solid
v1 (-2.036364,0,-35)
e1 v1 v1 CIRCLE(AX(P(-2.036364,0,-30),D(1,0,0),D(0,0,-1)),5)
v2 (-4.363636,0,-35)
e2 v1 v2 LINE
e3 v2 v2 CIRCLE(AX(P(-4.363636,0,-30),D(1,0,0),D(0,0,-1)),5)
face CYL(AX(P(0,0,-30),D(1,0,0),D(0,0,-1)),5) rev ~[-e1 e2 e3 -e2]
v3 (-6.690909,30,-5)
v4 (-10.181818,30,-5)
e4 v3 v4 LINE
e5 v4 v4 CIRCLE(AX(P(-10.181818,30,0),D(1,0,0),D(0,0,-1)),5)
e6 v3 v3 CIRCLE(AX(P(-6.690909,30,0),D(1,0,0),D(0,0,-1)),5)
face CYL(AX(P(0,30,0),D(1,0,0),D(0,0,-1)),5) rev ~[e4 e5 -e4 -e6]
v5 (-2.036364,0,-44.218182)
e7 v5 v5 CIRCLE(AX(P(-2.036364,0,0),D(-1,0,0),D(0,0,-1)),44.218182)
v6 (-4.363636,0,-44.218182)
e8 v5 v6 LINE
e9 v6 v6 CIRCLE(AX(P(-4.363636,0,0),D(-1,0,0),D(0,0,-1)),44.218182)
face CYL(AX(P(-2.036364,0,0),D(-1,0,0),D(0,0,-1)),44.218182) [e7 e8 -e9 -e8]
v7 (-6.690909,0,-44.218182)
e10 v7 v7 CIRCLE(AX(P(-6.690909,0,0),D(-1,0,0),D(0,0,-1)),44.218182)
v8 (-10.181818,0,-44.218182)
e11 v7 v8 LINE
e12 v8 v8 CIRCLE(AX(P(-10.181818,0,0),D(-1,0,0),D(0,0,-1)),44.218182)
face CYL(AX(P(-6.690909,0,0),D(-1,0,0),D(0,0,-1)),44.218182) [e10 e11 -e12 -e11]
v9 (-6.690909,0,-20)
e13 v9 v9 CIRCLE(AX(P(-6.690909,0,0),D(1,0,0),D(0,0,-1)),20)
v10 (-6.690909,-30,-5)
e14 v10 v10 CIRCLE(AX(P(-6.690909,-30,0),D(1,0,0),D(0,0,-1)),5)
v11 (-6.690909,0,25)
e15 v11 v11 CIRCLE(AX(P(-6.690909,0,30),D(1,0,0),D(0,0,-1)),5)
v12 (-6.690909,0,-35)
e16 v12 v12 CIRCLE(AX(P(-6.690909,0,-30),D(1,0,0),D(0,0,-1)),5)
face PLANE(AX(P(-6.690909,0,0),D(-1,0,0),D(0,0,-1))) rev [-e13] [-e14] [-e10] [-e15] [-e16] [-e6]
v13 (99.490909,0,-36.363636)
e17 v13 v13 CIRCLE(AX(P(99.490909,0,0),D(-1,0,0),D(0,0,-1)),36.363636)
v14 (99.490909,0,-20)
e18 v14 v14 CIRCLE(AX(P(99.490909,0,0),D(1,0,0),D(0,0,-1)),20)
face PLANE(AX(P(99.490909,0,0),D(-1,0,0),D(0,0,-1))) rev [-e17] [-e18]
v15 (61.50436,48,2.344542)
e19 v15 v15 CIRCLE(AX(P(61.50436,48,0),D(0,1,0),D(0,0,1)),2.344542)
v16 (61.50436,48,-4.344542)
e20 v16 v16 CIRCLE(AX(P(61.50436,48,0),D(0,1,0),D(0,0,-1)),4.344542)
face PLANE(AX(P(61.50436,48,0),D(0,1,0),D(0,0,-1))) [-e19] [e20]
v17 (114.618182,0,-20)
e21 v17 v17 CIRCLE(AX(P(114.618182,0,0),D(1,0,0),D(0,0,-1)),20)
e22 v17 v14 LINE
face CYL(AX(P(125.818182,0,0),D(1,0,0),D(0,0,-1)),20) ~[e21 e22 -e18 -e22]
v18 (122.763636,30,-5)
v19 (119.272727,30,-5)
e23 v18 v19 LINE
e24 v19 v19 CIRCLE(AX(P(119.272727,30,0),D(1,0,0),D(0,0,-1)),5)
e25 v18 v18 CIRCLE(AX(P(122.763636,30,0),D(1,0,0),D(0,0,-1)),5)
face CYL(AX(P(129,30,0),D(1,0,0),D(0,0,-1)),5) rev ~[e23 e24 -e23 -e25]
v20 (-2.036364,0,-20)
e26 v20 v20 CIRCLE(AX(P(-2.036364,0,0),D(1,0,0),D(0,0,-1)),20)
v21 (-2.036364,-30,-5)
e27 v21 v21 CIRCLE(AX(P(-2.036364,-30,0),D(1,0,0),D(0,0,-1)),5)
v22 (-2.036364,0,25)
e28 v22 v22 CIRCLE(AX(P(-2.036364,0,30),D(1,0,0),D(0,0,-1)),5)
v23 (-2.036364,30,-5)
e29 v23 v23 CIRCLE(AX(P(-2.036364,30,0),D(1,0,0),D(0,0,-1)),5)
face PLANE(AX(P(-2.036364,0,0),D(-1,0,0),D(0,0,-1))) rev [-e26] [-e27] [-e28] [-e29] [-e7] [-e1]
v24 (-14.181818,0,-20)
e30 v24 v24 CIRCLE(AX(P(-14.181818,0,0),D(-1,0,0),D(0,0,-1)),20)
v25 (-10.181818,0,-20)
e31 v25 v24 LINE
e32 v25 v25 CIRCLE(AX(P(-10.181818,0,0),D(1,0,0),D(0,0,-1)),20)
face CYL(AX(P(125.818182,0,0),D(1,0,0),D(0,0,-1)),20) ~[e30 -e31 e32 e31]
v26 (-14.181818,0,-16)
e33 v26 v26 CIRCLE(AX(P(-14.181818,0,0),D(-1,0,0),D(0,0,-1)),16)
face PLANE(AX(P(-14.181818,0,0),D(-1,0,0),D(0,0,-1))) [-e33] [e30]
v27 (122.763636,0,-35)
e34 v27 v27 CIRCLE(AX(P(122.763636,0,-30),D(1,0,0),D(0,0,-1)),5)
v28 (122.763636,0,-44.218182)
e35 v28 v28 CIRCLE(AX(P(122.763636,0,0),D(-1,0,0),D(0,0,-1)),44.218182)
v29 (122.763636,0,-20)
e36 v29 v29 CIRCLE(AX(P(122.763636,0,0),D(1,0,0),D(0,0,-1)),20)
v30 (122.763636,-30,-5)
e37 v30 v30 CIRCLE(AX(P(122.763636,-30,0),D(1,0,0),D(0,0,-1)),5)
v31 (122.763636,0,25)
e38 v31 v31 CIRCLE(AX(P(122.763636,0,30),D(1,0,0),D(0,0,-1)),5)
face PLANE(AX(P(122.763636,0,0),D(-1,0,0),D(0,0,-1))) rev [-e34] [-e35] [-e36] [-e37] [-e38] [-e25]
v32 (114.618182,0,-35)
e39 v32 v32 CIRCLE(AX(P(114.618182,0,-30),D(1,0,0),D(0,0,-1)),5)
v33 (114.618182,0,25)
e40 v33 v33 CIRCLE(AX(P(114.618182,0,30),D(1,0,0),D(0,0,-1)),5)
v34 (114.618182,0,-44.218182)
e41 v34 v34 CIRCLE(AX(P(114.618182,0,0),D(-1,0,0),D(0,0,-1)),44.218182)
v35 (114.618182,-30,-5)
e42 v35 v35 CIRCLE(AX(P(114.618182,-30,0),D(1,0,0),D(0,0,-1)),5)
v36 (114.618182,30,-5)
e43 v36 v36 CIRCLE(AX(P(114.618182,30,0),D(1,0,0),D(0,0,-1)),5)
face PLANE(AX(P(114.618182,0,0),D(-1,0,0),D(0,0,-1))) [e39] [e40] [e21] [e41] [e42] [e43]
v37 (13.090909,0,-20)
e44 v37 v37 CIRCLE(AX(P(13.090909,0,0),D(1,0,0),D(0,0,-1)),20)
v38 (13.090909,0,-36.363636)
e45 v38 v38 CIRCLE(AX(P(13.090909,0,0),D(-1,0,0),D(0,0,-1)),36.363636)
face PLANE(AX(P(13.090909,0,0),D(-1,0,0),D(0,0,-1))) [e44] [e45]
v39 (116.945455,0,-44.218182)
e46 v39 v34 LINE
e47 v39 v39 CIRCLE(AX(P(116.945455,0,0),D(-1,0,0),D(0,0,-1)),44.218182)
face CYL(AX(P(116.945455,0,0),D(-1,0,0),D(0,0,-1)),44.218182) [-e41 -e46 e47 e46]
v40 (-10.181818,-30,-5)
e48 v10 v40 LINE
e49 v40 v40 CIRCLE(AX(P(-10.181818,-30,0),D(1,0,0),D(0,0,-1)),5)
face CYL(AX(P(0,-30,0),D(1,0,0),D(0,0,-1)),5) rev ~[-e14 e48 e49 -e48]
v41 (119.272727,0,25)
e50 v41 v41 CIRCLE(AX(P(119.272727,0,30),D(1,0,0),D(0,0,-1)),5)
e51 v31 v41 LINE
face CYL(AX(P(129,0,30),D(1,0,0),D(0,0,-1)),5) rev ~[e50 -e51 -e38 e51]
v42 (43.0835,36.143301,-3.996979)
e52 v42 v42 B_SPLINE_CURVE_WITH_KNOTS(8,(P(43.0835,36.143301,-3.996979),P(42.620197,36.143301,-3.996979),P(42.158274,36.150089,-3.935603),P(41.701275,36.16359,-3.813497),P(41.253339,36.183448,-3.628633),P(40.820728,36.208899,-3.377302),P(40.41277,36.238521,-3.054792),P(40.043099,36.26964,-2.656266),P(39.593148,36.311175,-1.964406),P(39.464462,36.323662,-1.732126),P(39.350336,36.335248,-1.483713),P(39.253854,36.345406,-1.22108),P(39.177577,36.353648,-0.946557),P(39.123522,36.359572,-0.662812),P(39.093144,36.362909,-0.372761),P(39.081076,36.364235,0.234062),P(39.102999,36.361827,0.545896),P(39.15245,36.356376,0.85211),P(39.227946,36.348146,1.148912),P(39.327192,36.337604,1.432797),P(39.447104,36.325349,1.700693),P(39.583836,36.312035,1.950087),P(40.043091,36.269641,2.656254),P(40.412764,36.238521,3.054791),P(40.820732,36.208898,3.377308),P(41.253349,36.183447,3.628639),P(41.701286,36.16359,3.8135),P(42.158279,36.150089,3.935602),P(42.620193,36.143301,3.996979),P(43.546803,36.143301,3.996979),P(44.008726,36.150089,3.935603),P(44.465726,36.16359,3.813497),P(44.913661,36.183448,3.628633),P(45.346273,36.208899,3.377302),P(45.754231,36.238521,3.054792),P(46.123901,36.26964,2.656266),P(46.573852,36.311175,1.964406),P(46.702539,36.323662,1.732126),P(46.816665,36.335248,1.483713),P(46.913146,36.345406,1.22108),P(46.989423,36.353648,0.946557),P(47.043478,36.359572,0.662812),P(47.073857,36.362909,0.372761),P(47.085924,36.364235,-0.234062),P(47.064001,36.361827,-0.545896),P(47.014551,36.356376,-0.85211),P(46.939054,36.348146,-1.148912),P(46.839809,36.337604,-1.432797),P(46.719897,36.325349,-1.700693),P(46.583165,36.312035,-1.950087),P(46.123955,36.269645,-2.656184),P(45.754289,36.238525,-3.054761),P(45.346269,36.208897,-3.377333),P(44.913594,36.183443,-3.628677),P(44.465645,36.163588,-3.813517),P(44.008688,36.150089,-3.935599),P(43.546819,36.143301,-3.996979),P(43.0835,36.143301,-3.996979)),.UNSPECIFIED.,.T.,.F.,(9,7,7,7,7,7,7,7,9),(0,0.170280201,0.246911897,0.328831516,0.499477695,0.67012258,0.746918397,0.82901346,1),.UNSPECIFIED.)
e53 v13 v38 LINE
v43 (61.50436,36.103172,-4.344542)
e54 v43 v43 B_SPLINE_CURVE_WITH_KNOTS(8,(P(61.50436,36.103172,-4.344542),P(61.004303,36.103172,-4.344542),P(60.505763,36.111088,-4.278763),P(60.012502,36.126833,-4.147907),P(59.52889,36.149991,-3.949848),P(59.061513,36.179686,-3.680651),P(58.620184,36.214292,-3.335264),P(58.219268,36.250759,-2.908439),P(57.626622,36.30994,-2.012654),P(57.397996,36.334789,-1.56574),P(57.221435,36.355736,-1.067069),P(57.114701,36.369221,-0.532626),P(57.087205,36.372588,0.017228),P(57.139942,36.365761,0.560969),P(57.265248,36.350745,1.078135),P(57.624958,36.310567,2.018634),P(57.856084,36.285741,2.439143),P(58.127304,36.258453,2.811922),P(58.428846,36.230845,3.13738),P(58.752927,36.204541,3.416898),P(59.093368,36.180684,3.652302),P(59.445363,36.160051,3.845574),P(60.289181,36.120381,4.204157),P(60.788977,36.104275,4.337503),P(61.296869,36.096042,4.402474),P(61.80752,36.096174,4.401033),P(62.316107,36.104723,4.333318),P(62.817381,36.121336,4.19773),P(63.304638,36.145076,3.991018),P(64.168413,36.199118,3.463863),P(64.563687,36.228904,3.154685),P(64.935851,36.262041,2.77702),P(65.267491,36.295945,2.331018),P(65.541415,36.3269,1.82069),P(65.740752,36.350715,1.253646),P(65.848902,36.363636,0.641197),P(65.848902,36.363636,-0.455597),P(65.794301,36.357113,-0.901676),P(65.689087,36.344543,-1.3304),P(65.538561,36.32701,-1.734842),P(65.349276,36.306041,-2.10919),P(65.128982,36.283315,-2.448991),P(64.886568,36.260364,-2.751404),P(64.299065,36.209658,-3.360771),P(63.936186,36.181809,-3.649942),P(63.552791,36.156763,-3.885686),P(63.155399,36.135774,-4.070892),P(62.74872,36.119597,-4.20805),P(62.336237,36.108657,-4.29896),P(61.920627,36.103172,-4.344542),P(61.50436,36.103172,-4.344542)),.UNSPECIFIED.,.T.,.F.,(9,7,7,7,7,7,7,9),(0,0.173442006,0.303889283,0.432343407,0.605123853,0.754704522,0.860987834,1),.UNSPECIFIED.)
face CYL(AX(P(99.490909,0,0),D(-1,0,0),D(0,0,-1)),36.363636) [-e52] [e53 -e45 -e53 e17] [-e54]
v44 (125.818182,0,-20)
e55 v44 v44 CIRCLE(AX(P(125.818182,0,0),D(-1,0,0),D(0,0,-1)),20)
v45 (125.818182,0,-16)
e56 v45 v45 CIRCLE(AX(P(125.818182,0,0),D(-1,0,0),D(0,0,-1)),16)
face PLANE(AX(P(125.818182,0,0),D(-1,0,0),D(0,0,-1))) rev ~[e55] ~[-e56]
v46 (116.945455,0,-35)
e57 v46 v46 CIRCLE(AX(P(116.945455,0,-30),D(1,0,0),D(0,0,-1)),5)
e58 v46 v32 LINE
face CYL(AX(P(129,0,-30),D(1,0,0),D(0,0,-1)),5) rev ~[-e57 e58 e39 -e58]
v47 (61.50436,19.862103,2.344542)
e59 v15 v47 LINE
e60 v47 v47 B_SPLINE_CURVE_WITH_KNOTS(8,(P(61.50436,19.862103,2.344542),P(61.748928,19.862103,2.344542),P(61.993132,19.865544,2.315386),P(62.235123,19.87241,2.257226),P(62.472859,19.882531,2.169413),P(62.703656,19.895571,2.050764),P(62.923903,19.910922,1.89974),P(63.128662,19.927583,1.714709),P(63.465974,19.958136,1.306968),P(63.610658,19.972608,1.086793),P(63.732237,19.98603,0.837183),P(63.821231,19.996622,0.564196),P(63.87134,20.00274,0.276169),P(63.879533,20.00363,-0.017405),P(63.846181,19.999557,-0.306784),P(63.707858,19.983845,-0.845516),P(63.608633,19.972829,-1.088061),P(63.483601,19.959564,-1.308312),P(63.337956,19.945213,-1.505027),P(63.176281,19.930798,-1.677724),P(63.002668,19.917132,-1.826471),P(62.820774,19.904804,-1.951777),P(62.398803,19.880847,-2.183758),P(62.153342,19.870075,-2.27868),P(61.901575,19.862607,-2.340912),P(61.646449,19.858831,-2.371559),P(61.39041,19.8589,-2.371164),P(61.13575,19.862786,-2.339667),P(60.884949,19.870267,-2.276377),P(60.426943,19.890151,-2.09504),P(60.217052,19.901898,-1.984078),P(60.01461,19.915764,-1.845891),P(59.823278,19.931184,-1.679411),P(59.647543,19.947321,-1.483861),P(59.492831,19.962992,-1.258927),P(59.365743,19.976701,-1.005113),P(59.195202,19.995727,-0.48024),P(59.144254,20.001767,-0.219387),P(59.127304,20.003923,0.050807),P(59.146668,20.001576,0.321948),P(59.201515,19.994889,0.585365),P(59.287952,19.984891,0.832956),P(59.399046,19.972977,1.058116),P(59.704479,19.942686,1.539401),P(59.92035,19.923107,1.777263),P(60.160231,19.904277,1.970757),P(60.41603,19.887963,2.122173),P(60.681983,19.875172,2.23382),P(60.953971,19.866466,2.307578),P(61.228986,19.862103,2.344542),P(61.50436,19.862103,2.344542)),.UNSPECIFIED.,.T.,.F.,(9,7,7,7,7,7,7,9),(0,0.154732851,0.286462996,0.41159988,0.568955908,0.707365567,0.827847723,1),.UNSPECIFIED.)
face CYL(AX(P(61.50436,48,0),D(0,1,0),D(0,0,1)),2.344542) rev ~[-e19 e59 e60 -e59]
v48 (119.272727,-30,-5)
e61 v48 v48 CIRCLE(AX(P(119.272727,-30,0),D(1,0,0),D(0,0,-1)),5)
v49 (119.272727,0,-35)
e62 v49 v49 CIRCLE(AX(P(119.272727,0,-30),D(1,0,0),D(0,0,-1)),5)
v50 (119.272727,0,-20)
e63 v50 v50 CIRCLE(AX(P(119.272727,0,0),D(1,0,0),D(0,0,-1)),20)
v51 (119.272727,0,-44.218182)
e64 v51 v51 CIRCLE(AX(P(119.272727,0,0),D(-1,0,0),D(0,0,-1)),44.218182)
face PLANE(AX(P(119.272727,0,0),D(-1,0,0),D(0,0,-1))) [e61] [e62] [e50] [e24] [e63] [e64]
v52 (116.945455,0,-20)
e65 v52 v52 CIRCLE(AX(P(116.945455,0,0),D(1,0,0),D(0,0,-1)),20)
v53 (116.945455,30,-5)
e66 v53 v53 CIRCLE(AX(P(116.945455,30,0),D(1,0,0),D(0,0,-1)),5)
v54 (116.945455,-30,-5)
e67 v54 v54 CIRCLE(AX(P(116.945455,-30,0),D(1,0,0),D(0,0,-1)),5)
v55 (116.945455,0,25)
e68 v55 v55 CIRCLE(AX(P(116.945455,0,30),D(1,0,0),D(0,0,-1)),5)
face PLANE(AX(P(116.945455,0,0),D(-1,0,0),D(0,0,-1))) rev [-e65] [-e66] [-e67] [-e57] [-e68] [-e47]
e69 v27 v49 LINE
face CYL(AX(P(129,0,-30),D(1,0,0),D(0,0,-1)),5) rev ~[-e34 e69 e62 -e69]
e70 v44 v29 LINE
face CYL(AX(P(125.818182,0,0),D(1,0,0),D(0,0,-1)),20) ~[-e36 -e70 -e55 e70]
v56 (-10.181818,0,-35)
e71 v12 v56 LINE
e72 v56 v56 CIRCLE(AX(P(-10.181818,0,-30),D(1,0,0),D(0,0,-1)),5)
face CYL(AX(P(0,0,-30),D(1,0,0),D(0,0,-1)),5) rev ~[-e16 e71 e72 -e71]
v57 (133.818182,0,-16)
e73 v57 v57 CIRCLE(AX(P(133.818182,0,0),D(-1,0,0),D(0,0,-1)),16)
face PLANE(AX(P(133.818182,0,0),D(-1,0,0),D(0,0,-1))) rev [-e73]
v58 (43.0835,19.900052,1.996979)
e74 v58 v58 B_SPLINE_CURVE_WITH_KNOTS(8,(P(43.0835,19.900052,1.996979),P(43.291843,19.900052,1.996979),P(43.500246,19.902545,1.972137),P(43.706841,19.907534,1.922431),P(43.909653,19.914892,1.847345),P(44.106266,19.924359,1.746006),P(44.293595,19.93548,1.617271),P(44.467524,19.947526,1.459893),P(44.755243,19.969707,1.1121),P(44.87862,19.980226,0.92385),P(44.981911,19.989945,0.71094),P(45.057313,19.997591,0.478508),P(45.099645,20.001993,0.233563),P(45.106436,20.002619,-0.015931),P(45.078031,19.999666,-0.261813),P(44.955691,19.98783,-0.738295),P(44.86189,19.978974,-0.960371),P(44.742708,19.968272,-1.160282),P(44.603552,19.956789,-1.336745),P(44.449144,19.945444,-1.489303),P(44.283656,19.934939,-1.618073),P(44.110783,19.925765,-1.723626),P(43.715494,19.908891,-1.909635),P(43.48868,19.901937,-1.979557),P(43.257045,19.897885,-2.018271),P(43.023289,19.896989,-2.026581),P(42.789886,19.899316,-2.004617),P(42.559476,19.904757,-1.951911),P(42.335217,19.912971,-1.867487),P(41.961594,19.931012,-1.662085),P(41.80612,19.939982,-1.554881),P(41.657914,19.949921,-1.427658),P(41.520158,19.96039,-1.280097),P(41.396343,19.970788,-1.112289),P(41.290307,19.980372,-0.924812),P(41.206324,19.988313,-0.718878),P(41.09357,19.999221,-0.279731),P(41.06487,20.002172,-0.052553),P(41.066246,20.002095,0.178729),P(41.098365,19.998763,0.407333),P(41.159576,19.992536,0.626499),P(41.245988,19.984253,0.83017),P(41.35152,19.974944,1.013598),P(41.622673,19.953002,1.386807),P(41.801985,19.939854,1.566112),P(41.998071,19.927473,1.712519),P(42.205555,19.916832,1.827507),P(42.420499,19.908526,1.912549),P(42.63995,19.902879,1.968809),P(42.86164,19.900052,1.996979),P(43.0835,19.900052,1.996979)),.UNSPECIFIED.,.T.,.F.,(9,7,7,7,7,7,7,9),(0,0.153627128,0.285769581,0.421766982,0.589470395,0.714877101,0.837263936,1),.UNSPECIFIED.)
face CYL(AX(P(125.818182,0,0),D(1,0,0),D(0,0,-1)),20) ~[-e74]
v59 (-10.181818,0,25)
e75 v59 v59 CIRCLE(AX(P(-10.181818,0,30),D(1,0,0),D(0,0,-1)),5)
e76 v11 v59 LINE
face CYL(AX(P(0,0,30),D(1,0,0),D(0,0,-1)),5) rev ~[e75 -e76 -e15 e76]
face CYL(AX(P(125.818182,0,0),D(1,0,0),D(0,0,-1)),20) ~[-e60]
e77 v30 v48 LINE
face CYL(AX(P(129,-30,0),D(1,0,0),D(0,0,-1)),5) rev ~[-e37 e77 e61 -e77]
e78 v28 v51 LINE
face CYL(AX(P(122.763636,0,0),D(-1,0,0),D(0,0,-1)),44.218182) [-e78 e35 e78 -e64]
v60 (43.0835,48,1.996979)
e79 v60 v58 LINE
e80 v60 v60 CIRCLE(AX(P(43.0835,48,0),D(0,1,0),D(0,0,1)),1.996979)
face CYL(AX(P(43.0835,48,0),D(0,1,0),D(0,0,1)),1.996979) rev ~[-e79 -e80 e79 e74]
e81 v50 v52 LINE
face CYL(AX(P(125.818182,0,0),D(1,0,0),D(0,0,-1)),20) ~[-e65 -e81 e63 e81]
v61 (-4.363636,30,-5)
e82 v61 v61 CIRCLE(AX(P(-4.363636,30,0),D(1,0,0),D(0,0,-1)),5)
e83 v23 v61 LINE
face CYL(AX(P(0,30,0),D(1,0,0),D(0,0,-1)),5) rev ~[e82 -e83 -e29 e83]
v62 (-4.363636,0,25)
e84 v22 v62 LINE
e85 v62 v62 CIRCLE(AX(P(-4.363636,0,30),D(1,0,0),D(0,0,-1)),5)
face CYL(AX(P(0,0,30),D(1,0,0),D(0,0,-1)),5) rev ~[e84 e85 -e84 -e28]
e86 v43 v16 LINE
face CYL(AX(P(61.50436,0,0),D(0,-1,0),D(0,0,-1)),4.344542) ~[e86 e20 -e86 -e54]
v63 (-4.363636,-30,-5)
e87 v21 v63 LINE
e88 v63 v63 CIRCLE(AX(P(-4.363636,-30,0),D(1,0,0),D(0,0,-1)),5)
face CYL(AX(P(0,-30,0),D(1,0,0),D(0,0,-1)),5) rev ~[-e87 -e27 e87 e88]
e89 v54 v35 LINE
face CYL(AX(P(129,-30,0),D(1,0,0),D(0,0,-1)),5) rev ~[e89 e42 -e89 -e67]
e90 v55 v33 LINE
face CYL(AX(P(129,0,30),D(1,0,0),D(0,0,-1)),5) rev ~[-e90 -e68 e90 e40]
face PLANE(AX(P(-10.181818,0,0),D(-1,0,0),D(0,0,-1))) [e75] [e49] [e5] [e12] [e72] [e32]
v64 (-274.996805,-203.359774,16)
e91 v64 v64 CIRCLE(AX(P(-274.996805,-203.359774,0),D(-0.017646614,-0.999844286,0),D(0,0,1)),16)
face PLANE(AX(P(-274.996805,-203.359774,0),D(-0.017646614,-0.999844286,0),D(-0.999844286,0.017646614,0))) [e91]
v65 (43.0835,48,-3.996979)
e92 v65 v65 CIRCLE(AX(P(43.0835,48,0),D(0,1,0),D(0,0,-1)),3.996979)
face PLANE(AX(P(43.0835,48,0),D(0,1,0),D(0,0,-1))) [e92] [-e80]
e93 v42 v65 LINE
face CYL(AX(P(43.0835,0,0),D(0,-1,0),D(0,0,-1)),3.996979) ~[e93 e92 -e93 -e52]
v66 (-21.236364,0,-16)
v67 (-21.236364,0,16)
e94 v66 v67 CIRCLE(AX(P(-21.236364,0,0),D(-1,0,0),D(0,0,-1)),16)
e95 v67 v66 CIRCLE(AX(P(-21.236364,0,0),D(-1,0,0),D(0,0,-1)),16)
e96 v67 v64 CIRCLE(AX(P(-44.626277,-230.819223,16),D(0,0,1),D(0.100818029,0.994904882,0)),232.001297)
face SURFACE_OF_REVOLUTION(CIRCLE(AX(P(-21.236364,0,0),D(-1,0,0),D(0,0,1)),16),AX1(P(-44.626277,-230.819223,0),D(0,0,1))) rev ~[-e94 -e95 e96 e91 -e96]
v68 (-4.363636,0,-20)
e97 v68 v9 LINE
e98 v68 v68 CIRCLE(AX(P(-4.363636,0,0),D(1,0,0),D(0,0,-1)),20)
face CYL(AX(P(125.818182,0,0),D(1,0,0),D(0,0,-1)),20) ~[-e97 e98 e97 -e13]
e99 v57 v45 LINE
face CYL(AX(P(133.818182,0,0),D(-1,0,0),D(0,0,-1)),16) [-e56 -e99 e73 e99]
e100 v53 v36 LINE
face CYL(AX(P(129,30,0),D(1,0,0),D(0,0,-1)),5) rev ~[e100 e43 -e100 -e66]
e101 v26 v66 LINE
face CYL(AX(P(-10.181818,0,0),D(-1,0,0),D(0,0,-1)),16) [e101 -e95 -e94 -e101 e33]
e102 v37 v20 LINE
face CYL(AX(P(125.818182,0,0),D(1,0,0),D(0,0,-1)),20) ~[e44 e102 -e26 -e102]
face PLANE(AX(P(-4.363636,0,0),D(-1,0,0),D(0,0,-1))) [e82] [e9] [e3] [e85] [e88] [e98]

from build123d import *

# Parameters (mm, degrees)
SKETCH2_R                = 3.996978994
SKETCH2_R_2              = 4.344542385
BOSS_EXTRUDE1_DEPTH      = 48
SKETCH3_R                = 2.344542385
SKETCH3_R_2              = 1.996978994
CUT_EXTRUDE1_DEPTH       = 48
SKETCH4_R                = 5
CUT_EXTRUDE2_DEPTH       = 19
CUT_EXTRUDE3_START       = 129
SKETCH4_2_R              = 5
CUT_EXTRUDE3_DEPTH       = 19
BOSS_EXTRUDE2_DEPTH      = 4
BOSS_EXTRUDE2_DEPTH_BACK = 136
SKETCH5_R                = 20
SKETCH6_R                = 16


with BuildPart() as part:
    # Sketch1 → Revolve2 (revolve)
    with BuildSketch(Plane.XY):
        Polygon((133.818181818, 0), (133.818181818, 16), (122.763636364, 16), (122.763636364, 44.218181818), (119.272727273, 44.218181818), (119.272727273, 0.301244101), (116.945454545, 0.301244101), (116.945454545, 44.218181818), (114.618181818, 44.218181818), (114.618181818, 16), (99.490909091, 16), (99.490909091, 36.363636364), (13.090909091, 36.363636364), (13.090909091, 16), (-2.036363636, 16), (-2.036363636, 44.218181818), (-4.363636364, 44.218181818), (-4.363636364, 0.301244101), (-6.690909091, 0.301244101), (-6.690909091, 44.218181818), (-10.181818182, 44.218181818), (-10.181818182, 16), (-21.236363636, 16), (-21.236363636, 0), align=None)
    revolve(axis=Axis((0, 0, 0), (-1, 0, 0)))

    # Sketch2 → Boss-Extrude1 (add)
    with BuildSketch(Plane(origin=(0, 0, 0), x_dir=(1, 0, 0), z_dir=(0, 1, 0))):
        with Locations((43.08350024, 0)):
            Circle(SKETCH2_R)
        with Locations((61.504359953, 0)):
            Circle(SKETCH2_R_2)
    extrude(amount=BOSS_EXTRUDE1_DEPTH)

    # Sketch3 → Cut-Extrude1 (cut)
    with BuildSketch(Plane(origin=(0, 48, 0), x_dir=(1, 0, 0), z_dir=(0, 1, 0))):
        with Locations((61.504359953, 0)):
            Circle(SKETCH3_R)
        with Locations((43.08350024, 0)):
            Circle(SKETCH3_R_2)
    extrude(amount=-CUT_EXTRUDE1_DEPTH, mode=Mode.SUBTRACT)

    # Sketch4 → Cut-Extrude2 (cut)
    with BuildSketch(Plane(origin=(0, 0, 0), x_dir=(0, 0, -1), z_dir=(1, 0, 0))):
        with Locations((0, 30)):
            Circle(SKETCH4_R)
        with Locations((30, 0)):
            Circle(SKETCH4_R)
        with Locations((0, -30)):
            Circle(SKETCH4_R)
        with Locations((-30, 0)):
            Circle(SKETCH4_R)
    extrude(amount=-CUT_EXTRUDE2_DEPTH, mode=Mode.SUBTRACT)

    # Sketch4<2> → Cut-Extrude3 (cut)
    with BuildSketch(Plane(origin=(0, 0, 0), x_dir=(0, 0, -1), z_dir=(1, 0, 0)).offset(CUT_EXTRUDE3_START)):
        with Locations((0, 30)):
            Circle(SKETCH4_2_R)
        with Locations((30, 0)):
            Circle(SKETCH4_2_R)
        with Locations((0, -30)):
            Circle(SKETCH4_2_R)
        with Locations((-30, 0)):
            Circle(SKETCH4_2_R)
    extrude(amount=-CUT_EXTRUDE3_DEPTH, mode=Mode.SUBTRACT)

    # Sketch5 → Boss-Extrude2 (add, two sides: drawn at the far end of the back side and taken through both)
    with BuildSketch(Plane.ZY.offset(10.181818182).offset(-BOSS_EXTRUDE2_DEPTH_BACK)):
        Circle(SKETCH5_R)
    extrude(amount=BOSS_EXTRUDE2_DEPTH + BOSS_EXTRUDE2_DEPTH_BACK)

    # Sweep1: sweep along a path in Sketch7
    with BuildLine(Plane.XY) as sweep1_path:
        ThreePointArc((-21.236363636, 0), (-189.709160682, -49.779010206), (-274.996805421, -203.359773509))
    # Sketch6 → Sweep1 (sweep)
    with BuildSketch(Plane.ZY.offset(21.236363636)):
        Circle(SKETCH6_R)
    sweep(path=sweep1_path.line)


solid = part.part
